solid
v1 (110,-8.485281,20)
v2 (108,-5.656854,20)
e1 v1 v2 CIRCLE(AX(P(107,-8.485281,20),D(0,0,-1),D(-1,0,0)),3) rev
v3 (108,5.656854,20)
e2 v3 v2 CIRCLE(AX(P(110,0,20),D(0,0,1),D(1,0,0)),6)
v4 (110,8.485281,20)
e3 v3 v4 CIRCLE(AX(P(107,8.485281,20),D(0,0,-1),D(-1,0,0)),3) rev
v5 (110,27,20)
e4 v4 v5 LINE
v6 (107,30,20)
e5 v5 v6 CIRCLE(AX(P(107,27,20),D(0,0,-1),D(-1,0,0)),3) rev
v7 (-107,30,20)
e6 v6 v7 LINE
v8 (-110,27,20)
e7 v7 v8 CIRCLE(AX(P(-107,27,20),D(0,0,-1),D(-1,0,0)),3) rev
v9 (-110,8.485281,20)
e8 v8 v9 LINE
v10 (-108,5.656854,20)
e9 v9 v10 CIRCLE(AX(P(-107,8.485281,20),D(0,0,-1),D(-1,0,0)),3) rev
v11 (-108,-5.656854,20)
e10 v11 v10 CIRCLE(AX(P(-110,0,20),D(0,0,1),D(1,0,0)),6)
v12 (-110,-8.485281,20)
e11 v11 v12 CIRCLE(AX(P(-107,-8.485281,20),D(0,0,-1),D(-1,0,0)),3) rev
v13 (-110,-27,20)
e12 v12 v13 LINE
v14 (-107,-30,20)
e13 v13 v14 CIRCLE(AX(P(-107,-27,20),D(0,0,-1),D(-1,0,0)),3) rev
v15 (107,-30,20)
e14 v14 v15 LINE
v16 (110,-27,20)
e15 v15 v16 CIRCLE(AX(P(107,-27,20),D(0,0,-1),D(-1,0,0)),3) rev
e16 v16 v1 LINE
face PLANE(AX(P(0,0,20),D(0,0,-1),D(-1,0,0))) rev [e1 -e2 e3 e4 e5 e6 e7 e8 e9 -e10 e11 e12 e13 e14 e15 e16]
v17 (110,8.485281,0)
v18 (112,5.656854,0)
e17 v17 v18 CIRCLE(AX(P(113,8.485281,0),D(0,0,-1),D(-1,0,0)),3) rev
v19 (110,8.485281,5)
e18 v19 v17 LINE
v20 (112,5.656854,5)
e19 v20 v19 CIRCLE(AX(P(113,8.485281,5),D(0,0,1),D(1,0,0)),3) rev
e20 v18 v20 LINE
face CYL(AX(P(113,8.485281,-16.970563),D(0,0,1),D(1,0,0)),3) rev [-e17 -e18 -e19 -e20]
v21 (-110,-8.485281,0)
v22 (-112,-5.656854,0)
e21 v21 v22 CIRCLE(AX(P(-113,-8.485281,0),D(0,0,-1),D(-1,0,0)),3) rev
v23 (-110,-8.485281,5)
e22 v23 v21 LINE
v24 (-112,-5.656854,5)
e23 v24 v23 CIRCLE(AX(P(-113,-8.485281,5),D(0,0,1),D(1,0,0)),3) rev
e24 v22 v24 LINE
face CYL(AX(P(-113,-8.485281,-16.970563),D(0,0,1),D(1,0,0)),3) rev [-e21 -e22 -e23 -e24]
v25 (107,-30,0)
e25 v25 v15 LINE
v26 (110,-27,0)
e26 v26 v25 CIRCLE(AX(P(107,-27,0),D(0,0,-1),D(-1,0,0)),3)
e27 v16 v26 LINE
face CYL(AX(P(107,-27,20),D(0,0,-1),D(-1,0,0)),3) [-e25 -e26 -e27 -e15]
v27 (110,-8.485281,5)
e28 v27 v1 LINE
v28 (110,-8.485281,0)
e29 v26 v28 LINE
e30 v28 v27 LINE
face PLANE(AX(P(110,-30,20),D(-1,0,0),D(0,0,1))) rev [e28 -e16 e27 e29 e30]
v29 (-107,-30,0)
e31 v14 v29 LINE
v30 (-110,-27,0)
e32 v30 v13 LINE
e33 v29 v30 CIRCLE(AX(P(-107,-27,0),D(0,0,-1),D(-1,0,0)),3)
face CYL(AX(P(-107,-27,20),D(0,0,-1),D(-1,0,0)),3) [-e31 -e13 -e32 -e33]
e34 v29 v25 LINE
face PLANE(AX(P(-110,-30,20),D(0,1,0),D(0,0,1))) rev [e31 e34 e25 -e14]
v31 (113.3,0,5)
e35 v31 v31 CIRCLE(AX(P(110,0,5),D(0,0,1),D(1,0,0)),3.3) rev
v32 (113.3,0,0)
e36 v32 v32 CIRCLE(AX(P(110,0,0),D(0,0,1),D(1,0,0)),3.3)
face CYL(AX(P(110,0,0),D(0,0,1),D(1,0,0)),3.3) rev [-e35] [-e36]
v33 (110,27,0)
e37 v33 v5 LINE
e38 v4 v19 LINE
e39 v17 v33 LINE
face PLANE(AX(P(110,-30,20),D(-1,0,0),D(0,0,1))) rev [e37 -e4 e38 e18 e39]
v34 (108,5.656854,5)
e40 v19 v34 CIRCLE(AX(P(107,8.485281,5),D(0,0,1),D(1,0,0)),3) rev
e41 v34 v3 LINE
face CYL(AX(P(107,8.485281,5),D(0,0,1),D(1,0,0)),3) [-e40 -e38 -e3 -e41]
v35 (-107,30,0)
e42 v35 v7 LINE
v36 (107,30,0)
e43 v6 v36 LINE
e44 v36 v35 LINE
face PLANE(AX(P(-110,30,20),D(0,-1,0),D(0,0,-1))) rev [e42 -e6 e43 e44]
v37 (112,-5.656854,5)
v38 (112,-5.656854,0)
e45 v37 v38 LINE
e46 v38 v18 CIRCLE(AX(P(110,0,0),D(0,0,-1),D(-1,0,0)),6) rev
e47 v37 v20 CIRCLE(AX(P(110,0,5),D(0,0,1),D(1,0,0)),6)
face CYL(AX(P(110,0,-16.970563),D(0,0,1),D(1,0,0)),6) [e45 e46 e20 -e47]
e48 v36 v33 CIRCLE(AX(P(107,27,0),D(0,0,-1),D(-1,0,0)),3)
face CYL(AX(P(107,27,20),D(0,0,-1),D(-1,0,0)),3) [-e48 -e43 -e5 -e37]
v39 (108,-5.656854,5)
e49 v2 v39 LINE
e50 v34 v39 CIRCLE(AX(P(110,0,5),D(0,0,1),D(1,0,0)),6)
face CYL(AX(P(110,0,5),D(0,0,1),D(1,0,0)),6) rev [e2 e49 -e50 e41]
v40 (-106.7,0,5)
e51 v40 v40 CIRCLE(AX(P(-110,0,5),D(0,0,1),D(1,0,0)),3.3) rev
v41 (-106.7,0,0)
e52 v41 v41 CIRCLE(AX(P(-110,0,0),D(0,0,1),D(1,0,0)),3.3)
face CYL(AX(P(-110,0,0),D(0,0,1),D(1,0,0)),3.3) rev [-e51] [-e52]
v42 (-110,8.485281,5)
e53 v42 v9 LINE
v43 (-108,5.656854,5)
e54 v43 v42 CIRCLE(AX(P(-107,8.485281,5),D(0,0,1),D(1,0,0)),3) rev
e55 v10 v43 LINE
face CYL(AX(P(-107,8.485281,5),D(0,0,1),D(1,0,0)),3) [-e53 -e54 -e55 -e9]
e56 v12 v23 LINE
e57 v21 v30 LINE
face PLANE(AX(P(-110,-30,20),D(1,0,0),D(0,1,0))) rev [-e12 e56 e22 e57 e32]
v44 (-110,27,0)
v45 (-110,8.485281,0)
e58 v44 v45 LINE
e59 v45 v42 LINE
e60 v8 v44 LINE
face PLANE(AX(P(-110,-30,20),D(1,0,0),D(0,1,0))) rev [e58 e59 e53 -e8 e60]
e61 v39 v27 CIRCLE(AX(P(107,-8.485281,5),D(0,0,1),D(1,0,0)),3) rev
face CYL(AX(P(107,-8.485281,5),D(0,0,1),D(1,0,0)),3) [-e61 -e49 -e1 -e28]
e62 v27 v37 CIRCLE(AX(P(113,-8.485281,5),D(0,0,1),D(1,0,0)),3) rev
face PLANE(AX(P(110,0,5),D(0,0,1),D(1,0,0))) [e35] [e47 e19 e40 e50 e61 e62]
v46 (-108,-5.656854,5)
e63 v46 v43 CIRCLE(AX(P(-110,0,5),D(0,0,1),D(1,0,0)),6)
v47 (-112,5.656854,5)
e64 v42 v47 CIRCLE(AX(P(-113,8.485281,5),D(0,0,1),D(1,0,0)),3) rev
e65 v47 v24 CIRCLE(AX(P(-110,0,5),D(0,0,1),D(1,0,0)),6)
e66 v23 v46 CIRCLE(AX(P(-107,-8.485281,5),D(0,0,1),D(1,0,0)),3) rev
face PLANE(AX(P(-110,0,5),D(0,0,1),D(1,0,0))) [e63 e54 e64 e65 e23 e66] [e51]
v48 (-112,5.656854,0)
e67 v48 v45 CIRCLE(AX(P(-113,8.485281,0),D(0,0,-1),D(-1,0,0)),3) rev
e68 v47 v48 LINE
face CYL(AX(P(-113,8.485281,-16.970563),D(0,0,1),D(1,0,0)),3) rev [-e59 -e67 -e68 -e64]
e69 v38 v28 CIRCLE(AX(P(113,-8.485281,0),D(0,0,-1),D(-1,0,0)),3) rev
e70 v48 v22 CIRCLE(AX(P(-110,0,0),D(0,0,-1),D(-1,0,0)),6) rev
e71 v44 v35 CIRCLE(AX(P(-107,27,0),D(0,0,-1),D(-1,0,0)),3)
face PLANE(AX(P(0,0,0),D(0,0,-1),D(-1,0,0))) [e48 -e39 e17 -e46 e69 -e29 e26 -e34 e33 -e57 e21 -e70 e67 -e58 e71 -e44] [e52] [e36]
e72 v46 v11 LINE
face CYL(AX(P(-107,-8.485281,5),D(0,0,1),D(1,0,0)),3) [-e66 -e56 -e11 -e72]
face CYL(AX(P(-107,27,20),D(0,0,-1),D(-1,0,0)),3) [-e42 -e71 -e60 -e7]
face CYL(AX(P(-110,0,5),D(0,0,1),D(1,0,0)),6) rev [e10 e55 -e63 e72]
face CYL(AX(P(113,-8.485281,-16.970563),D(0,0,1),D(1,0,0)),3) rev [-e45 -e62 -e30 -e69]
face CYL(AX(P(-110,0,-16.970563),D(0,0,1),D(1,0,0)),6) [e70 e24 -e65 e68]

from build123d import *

# Parameters (mm, degrees)
SKETCH1_W           = 220
SKETCH1_H           = 60
BOSS_EXTRUDE1_DEPTH = 20
FILLET1_R           = 3
SKETCH2_R           = 6
BOSS_EXTRUDE2_DEPTH = 20
SKETCH3_R           = 3.3
CUT_EXTRUDE1_DEPTH  = 20
SKETCH4_R           = 6
CUT_EXTRUDE2_DEPTH  = 15
FILLET2_R           = 3
FILLET3_R           = 3
FILLET4_R           = 3
FILLET6_R           = 3
FILLET7_R           = 3


with BuildPart() as part:
    # Sketch1 → Boss-Extrude1 (new body)
    with BuildSketch(Plane.XY):
        Rectangle(SKETCH1_W, SKETCH1_H)
    extrude(amount=BOSS_EXTRUDE1_DEPTH)

    # Fillet1
    fillet1_edges = [part.edges().sort_by_distance(p)[0] for p in [
        (110, -30, 10),
        (-110, -30, 10),
        (-110, 30, 10),
        (110, 30, 10),
    ]]
    fillet(fillet1_edges, radius=FILLET1_R)

    # Sketch2 → Boss-Extrude2 (add)
    with BuildSketch(Plane.XY.offset(20)):
        with Locations((-110, 0)):
            Circle(SKETCH2_R)
        with Locations((110, 0)):
            Circle(SKETCH2_R)
    extrude(amount=-BOSS_EXTRUDE2_DEPTH)

    # Sketch3 → Cut-Extrude1 (cut)
    with BuildSketch(Plane.XY.offset(20)):
        with Locations((-110, 0)):
            Circle(SKETCH3_R)
        with Locations((110, 0)):
            Circle(SKETCH3_R)
    extrude(amount=-CUT_EXTRUDE1_DEPTH, mode=Mode.SUBTRACT)

    # Sketch4 → Cut-Extrude2 (cut)
    with BuildSketch(Plane.XY.offset(20)):
        with Locations((-110, 0)):
            Circle(SKETCH4_R)
        with Locations((110, 0)):
            Circle(SKETCH4_R)
    extrude(amount=-CUT_EXTRUDE2_DEPTH, mode=Mode.SUBTRACT)

    # Fillet2
    fillet2_edges = [part.edges().sort_by_distance(p)[0] for p in [
        (-110, 6, 2.5),
        (-110, -6, 2.5),
    ]]
    fillet(fillet2_edges, radius=FILLET2_R)

    # Fillet3
    fillet3_edges = [part.edges().sort_by_distance(p)[0] for p in [
        (-110, 6, 12.5),
    ]]
    fillet(fillet3_edges, radius=FILLET3_R)

    # Fillet4
    fillet4_edges = [part.edges().sort_by_distance(p)[0] for p in [
        (-110, -6, 12.5),
    ]]
    fillet(fillet4_edges, radius=FILLET4_R)

    # Fillet6
    fillet6_edges = [part.edges().sort_by_distance(p)[0] for p in [
        (110, -6, 2.5),
        (110, 6, 2.5),
    ]]
    fillet(fillet6_edges, radius=FILLET6_R)

    # Fillet7
    fillet7_edges = [part.edges().sort_by_distance(p)[0] for p in [
        (110, 6, 12.5),
        (110, -6, 12.5),
    ]]
    fillet(fillet7_edges, radius=FILLET7_R)


solid = part.part
